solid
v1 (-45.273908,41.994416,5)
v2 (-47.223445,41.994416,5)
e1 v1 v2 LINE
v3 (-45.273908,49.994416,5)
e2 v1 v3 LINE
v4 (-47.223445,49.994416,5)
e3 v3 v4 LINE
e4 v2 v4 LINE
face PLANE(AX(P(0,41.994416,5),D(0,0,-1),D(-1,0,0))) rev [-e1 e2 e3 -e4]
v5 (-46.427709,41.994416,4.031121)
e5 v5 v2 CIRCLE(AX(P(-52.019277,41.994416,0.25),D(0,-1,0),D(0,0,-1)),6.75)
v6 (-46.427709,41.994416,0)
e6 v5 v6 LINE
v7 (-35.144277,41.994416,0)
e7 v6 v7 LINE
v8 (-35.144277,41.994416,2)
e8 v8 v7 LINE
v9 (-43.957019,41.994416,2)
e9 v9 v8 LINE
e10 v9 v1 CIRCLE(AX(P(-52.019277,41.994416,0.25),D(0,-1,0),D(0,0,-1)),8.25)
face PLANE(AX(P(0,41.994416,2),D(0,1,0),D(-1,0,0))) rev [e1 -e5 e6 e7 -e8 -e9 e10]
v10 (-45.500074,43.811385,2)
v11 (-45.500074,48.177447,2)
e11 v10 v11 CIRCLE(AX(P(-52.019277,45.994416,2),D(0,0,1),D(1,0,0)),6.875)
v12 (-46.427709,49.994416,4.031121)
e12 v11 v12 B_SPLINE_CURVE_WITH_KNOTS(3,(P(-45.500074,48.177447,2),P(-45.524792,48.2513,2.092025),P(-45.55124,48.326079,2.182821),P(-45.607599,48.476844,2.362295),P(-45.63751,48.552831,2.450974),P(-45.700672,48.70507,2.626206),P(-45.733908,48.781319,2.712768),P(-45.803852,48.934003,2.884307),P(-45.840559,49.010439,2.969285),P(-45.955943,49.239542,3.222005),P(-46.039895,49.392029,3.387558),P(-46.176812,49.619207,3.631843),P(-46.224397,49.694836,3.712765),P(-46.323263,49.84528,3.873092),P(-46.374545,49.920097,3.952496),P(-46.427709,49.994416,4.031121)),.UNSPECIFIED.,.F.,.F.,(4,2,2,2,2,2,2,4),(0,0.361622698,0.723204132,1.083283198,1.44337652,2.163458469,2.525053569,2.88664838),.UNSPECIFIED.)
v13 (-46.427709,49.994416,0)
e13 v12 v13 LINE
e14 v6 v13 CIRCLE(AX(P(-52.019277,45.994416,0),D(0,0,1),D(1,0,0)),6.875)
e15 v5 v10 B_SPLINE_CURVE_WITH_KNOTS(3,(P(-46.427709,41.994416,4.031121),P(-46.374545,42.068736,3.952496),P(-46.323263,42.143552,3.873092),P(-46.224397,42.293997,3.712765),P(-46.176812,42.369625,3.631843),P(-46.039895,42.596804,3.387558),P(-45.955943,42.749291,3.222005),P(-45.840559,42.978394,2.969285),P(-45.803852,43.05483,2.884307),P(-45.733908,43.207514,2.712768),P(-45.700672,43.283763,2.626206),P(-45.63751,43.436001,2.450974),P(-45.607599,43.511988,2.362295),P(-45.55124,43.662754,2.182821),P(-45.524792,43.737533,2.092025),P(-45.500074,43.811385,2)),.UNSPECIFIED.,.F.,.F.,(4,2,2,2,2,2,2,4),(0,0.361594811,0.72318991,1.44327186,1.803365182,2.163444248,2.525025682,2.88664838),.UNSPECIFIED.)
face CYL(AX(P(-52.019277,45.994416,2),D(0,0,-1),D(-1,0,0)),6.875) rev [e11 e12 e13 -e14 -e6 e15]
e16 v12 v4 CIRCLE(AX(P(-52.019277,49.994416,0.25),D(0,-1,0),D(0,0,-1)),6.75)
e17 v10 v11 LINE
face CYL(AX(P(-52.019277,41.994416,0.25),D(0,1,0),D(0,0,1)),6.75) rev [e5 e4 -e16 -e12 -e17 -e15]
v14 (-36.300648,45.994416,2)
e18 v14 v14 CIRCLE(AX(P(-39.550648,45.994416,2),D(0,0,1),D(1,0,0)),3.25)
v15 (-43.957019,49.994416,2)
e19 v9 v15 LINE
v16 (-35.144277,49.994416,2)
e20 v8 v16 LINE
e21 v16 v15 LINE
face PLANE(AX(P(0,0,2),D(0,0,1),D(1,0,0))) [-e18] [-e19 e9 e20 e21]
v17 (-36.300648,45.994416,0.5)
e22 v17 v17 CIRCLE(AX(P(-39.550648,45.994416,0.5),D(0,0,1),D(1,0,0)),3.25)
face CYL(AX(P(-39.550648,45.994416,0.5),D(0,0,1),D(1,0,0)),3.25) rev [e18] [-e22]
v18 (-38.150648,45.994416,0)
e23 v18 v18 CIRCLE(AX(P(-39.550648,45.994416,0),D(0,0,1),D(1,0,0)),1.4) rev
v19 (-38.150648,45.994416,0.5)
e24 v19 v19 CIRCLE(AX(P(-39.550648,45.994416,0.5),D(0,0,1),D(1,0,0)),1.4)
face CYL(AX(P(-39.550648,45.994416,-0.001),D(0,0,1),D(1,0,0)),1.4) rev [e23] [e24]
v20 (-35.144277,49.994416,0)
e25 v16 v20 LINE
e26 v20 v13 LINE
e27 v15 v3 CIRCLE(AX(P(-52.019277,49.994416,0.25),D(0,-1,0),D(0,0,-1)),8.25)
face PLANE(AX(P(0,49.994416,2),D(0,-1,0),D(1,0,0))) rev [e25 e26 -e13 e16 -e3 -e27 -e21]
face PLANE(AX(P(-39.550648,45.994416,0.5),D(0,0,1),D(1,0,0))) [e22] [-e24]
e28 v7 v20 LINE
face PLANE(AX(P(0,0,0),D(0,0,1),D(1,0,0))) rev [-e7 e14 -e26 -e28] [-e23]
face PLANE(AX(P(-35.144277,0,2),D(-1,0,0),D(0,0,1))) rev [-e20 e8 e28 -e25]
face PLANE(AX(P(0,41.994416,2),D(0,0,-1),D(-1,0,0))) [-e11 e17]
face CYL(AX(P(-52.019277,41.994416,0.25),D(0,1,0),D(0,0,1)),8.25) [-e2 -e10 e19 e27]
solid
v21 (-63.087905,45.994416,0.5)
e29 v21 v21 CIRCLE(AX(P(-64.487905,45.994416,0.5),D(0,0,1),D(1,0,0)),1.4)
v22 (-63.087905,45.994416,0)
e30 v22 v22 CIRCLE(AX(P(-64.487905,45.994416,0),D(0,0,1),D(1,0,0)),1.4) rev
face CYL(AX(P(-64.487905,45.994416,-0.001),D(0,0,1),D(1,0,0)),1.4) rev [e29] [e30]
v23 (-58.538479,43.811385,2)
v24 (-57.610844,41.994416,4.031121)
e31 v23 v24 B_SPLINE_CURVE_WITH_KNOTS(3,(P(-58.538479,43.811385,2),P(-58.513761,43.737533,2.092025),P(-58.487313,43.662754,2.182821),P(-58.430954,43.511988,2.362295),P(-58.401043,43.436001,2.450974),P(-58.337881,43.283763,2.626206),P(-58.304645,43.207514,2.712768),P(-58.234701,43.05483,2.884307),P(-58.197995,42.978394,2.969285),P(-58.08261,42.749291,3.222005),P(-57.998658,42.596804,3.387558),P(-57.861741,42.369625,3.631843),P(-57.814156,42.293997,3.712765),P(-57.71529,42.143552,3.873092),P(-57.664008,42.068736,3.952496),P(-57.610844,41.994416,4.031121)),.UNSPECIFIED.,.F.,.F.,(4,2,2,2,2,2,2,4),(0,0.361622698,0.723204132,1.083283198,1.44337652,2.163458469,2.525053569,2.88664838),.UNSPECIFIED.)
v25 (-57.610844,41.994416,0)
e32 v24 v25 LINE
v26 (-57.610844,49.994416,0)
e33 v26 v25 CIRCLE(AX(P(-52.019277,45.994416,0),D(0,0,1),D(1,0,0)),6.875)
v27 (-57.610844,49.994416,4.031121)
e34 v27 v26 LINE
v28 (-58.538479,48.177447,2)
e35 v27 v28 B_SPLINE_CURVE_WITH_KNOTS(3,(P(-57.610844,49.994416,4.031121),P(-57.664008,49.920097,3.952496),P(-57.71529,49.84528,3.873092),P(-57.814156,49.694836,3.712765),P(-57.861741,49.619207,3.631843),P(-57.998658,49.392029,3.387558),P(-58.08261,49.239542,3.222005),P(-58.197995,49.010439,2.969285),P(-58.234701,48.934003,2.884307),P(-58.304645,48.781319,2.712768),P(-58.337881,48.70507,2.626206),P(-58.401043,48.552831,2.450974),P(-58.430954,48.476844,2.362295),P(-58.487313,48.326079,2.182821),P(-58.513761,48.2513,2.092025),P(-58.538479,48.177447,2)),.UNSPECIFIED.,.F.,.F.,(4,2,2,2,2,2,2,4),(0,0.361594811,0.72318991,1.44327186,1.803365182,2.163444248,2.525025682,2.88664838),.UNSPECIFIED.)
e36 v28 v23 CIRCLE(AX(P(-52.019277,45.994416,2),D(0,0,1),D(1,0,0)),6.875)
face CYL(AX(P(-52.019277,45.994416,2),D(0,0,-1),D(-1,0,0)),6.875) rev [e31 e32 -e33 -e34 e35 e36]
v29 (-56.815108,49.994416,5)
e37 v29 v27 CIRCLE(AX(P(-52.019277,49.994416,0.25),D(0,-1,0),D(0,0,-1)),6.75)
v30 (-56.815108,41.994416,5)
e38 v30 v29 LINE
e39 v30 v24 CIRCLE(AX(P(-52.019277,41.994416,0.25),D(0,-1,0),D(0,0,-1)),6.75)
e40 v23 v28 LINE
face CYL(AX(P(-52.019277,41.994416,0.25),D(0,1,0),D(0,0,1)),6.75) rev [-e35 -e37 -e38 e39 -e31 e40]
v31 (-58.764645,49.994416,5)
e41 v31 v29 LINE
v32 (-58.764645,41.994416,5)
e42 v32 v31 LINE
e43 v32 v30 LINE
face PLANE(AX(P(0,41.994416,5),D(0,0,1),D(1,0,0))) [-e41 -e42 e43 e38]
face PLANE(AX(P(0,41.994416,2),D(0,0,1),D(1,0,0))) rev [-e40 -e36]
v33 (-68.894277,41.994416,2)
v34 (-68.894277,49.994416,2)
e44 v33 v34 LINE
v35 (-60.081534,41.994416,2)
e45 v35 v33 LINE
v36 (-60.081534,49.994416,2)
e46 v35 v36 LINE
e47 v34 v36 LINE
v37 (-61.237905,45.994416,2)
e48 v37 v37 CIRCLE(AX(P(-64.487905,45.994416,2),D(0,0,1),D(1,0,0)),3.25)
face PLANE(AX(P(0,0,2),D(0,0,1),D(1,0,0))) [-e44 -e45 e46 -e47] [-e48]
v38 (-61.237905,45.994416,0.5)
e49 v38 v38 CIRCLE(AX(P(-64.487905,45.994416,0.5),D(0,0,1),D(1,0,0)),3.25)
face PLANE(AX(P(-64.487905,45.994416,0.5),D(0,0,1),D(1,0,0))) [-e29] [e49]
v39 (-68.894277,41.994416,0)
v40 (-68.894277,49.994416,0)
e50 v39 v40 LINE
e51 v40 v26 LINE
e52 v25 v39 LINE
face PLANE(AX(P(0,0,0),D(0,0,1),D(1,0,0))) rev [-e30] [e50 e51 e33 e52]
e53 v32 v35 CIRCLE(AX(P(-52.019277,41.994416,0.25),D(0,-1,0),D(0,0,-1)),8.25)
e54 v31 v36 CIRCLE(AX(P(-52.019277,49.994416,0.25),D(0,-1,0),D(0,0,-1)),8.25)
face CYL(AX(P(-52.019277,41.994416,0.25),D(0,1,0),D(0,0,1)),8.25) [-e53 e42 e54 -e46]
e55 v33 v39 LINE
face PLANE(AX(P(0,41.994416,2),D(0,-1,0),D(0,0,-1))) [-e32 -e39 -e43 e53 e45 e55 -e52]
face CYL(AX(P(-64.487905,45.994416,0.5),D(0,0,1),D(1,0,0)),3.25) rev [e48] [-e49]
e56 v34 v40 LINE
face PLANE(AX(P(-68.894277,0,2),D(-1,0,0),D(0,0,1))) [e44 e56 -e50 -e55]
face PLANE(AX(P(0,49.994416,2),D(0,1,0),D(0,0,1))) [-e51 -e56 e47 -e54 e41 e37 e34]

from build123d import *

# Parameters (mm, degrees)
SALIENTE_EXTRUIR1_DEPTH   = 2
SALIENTE_EXTRUIR1_2_DEPTH = 2
SALIENTE_EXTRUIR2_DEPTH   = 4
SALIENTE_EXTRUIR3_REACH   = 5
SALIENTE_EXTRUIR4_REACH   = 5
SALIENTE_EXTRUIR5_REACH   = 5
SALIENTE_EXTRUIR6_REACH   = 5
CROQUIS7_R                = 3.25
CORTAR_EXTRUIR1_DEPTH     = 1.5
CORTAR_EXTRUIR2_REACH     = 2.5
CROQUIS8_R                = 1.4


with BuildPart() as part:
    # Croquis1 → Saliente-Extruir1 (new body)
    with BuildSketch(Plane.XY):
        with BuildLine():
            Line((-68.894276555, 41.994416346), (-57.610843867, 41.994416346))
            ThreePointArc((-57.610843867, 41.994416346), (-58.894276555, 45.994416346), (-57.610843867, 49.994416346))
            Line((-57.610843867, 49.994416346), (-68.894276555, 49.994416346))
            Line((-68.894276555, 49.994416346), (-68.894276555, 41.994416346))
        make_face()
    extrude(amount=SALIENTE_EXTRUIR1_DEPTH)



with BuildPart() as body_2:
    # Croquis1 → Saliente-Extruir1 2 (new body)
    with BuildSketch(Plane.XY):
        with BuildLine():
            ThreePointArc((-45.144276555, 45.994416346), (-45.472993248, 43.893987851), (-46.427709243, 41.994416346))
            Line((-46.427709243, 41.994416346), (-35.144276555, 41.994416346))
            Line((-35.144276555, 41.994416346), (-35.144276555, 49.994416346))
            Line((-35.144276555, 49.994416346), (-46.427709243, 49.994416346))
            ThreePointArc((-46.427709243, 49.994416346), (-45.472993248, 48.094844842), (-45.144276555, 45.994416346))
        make_face()
    extrude(amount=SALIENTE_EXTRUIR1_2_DEPTH)


with BuildPart() as part_1:
    add(part.part)

    add(body_2.part)  # Saliente-Extruir2 merges body 2
    # Croquis2 → Saliente-Extruir2 (add, symmetric)
    with BuildSketch(Plane(origin=(0, 45.994416346, 0), x_dir=(-1, 0, 0), z_dir=(0, -1, 0))):
        with BuildLine():
            Line((45.50007415, -2), (43.957018807, -2))
            ThreePointArc((43.957018807, -2), (44.465042586, -3.566029122), (45.273907773, -5))
            Line((45.273907773, -5), (47.223445032, -5))
            ThreePointArc((47.223445032, -5), (46.16628602, -3.612291153), (45.50007415, -2))
        make_face()
        with BuildLine():
            Line((56.815108078, -5), (58.764645337, -5))
            ThreePointArc((58.764645337, -5), (59.573510524, -3.566029122), (60.081534303, -2))
            Line((60.081534303, -2), (58.53847896, -2))
            ThreePointArc((58.53847896, -2), (57.87226709, -3.612291153), (56.815108078, -5))
        make_face()
    extrude(amount=SALIENTE_EXTRUIR2_DEPTH, both=True)

    # Croquis3 → Saliente-Extruir3 (add, up to next)
    with BuildSketch(Plane.XY.offset(2), mode=Mode.PRIVATE) as saliente_extruir3_sk1:
        with BuildLine():
            Line((-57.610843867, 49.994416346), (-58.53847896, 49.994416346))
            Line((-58.53847896, 49.994416346), (-58.53847896, 48.177447496))
            ThreePointArc((-58.53847896, 48.177447496), (-58.142431766, 49.12053139), (-57.610843867, 49.994416346))
        make_face()
    saliente_extruir3_tool1 = extrude(saliente_extruir3_sk1.sketch, amount=SALIENTE_EXTRUIR3_REACH, mode=Mode.PRIVATE) - part_1.part
    add(saliente_extruir3_tool1.solids().sort_by_distance((-58.247136, 49.429266, 2))[0])

    # Croquis4 → Saliente-Extruir4 (add, up to next)
    with BuildSketch(Plane.XY.offset(2), mode=Mode.PRIVATE) as saliente_extruir4_sk1:
        with BuildLine():
            Line((-45.50007415, 49.994416346), (-46.427709243, 49.994416346))
            ThreePointArc((-46.427709243, 49.994416346), (-45.896121344, 49.12053139), (-45.50007415, 48.177447496))
            Line((-45.50007415, 48.177447496), (-45.50007415, 49.994416346))
        make_face()
    saliente_extruir4_tool1 = extrude(saliente_extruir4_sk1.sketch, amount=SALIENTE_EXTRUIR4_REACH, mode=Mode.PRIVATE) - part_1.part
    add(saliente_extruir4_tool1.solids().sort_by_distance((-45.791417, 49.429266, 2))[0])

    # Croquis5 → Saliente-Extruir5 (add, up to next)
    with BuildSketch(Plane.XY.offset(2), mode=Mode.PRIVATE) as saliente_extruir5_sk1:
        with BuildLine():
            Line((-58.53847896, 41.994416346), (-57.610843867, 41.994416346))
            ThreePointArc((-57.610843867, 41.994416346), (-58.142431766, 42.868301303), (-58.53847896, 43.811385197))
            Line((-58.53847896, 43.811385197), (-58.53847896, 41.994416346))
        make_face()
    saliente_extruir5_tool1 = extrude(saliente_extruir5_sk1.sketch, amount=SALIENTE_EXTRUIR5_REACH, mode=Mode.PRIVATE) - part_1.part
    add(saliente_extruir5_tool1.solids().sort_by_distance((-58.247136, 42.559567, 2))[0])

    # Croquis6 → Saliente-Extruir6 (add, up to next)
    with BuildSketch(Plane.XY.offset(2), mode=Mode.PRIVATE) as saliente_extruir6_sk1:
        with BuildLine():
            Line((-46.427709243, 41.994416346), (-45.50007415, 41.994416346))
            Line((-45.50007415, 41.994416346), (-45.50007415, 43.811385197))
            ThreePointArc((-45.50007415, 43.811385197), (-45.896121344, 42.868301303), (-46.427709243, 41.994416346))
        make_face()
    saliente_extruir6_tool1 = extrude(saliente_extruir6_sk1.sketch, amount=SALIENTE_EXTRUIR6_REACH, mode=Mode.PRIVATE) - part_1.part
    add(saliente_extruir6_tool1.solids().sort_by_distance((-45.791417, 42.559567, 2))[0])

    # Croquis7 → Cortar-Extruir1 (cut)
    with BuildSketch(Plane.XY.offset(2)):
        with Locations((-64.487905429, 45.994416346)):
            Circle(CROQUIS7_R)
        with Locations((-39.550647681, 45.994416346)):
            Circle(CROQUIS7_R)
    extrude(amount=-CORTAR_EXTRUIR1_DEPTH, mode=Mode.SUBTRACT)

    # Croquis8 → Cortar-Extruir2 (cut, up to next)
    with BuildSketch(Plane.XY.offset(0.5), mode=Mode.PRIVATE) as cortar_extruir2_sk1:
        with Locations((-64.487905429, 45.994416346)):
            Circle(CROQUIS8_R)
    cortar_extruir2_tool1 = extrude(cortar_extruir2_sk1.sketch, amount=-CORTAR_EXTRUIR2_REACH, mode=Mode.PRIVATE) & part_1.part
    add(cortar_extruir2_tool1.solids().sort_by_distance((-64.487905, 45.994416, 0.5))[0], mode=Mode.SUBTRACT)
    # Croquis8 → Cortar-Extruir2 (cut, up to next)
    with BuildSketch(Plane.XY.offset(0.5), mode=Mode.PRIVATE) as cortar_extruir2_sk2:
        with Locations((-39.550647681, 45.994416346)):
            Circle(CROQUIS8_R)
    cortar_extruir2_tool2 = extrude(cortar_extruir2_sk2.sketch, amount=-CORTAR_EXTRUIR2_REACH, mode=Mode.PRIVATE) & part_1.part
    add(cortar_extruir2_tool2.solids().sort_by_distance((-39.550648, 45.994416, 0.5))[0], mode=Mode.SUBTRACT)


solid = part_1.part
